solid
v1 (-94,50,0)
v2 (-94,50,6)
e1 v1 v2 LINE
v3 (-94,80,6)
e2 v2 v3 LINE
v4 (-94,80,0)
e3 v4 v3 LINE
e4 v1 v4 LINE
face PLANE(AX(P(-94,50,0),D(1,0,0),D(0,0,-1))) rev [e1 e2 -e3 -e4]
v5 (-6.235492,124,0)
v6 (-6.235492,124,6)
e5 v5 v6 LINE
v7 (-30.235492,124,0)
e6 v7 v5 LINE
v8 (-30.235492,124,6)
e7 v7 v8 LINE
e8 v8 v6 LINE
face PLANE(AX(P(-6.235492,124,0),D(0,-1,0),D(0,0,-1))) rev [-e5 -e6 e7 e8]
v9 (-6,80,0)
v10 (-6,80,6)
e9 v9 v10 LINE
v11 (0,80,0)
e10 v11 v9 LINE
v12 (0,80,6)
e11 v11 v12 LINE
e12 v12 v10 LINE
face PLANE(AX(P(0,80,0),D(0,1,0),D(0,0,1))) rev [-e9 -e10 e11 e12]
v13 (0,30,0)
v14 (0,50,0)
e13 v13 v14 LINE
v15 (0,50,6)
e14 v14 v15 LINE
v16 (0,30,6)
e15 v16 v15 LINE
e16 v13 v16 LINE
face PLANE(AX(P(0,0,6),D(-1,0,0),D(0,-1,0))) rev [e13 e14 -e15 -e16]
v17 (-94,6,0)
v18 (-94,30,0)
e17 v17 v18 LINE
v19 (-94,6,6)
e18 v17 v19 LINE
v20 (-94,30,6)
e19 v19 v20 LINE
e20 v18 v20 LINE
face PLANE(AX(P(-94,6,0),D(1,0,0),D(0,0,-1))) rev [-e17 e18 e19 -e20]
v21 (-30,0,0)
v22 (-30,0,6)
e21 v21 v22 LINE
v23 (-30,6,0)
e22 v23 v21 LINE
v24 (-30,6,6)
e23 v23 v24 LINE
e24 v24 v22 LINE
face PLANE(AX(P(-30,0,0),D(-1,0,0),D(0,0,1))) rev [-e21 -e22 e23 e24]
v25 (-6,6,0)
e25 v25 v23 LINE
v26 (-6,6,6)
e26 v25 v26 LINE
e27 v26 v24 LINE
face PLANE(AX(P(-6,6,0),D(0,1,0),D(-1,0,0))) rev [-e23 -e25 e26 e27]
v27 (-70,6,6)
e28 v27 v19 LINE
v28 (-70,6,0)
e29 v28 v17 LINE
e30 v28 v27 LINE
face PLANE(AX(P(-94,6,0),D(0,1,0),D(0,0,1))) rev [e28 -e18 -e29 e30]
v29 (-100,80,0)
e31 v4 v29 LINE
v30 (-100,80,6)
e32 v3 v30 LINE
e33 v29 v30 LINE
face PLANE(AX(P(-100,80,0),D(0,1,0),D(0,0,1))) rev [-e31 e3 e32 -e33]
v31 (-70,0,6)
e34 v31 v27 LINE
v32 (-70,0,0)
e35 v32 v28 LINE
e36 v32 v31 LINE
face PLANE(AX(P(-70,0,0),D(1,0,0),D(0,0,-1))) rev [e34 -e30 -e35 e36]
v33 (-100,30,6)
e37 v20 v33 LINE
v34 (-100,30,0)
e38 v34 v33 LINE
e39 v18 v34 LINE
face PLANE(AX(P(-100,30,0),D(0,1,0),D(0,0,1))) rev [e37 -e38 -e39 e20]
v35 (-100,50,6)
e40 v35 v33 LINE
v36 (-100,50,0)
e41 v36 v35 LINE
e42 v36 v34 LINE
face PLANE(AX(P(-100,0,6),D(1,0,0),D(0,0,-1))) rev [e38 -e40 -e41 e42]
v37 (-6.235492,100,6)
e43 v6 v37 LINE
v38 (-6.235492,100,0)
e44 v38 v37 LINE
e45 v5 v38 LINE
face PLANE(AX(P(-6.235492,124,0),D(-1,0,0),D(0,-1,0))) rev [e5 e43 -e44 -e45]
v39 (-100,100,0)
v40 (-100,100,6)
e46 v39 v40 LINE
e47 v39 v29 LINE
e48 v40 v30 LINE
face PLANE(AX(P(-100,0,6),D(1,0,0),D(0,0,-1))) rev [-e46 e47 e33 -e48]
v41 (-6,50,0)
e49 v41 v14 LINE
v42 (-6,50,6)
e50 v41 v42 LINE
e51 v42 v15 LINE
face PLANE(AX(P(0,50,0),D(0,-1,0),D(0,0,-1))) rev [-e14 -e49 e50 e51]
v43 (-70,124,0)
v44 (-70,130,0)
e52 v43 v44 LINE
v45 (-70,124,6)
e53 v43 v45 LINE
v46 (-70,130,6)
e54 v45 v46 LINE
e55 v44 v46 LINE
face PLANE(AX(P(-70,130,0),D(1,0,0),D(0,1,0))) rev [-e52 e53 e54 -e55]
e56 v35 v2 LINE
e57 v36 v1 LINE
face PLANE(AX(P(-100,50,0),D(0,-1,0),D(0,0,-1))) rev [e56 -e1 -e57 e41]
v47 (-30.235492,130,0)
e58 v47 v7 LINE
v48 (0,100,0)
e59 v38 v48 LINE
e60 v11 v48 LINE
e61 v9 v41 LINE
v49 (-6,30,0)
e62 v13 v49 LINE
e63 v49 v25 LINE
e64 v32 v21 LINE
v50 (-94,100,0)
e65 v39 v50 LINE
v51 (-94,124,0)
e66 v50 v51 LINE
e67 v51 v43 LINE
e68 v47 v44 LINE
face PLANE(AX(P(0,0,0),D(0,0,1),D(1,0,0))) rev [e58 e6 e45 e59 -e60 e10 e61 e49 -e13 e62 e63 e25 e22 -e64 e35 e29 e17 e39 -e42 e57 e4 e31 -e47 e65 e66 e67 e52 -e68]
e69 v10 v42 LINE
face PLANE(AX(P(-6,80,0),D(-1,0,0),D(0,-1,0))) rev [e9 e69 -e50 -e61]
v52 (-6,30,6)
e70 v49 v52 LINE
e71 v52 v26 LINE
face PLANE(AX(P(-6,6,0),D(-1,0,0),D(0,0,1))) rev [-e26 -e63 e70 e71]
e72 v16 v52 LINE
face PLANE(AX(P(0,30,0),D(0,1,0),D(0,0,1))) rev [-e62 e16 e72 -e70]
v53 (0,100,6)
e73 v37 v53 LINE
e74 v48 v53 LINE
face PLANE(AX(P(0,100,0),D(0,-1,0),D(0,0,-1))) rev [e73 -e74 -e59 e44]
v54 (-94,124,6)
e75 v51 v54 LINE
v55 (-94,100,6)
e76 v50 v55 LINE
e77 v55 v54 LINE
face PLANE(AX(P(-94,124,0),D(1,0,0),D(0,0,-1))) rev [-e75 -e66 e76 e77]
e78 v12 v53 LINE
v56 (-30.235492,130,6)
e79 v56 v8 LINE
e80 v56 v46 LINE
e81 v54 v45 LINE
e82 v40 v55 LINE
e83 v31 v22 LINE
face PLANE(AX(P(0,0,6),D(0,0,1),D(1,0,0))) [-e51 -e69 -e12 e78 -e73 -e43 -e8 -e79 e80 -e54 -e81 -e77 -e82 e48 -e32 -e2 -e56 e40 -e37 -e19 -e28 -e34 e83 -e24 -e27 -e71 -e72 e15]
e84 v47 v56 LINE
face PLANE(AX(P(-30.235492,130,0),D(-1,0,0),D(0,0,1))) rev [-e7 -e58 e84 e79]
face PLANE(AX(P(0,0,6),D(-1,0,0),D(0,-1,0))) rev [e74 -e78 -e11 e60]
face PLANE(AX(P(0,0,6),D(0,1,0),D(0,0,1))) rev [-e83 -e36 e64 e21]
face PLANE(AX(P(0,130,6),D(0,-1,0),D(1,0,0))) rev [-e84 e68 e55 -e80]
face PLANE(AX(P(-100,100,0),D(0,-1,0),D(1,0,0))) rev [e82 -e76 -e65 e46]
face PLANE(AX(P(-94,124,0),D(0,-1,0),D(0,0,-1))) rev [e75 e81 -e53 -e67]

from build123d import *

# Parameters (mm, degrees)
ESQUISSE1_W             = 100
ESQUISSE1_H             = 130
BOSS_EXTRU_1_DEPTH      = 6
ESQUISSE2_W             = 6
ESQUISSE2_H             = 30
ENL_V_MAT_EXTRU_1_DEPTH = 6


with BuildPart() as part:
    # Esquisse1 → Boss.-Extru.1 (new body)
    with BuildSketch(Plane.XY):
        with Locations((-50, 65)):
            Rectangle(ESQUISSE1_W, ESQUISSE1_H)
    extrude(amount=BOSS_EXTRU_1_DEPTH)

    # Esquisse2 → Enlèv. mat.-Extru.1 (cut)
    with BuildSketch(Plane.XY.offset(6)):
        Polygon((-100, 130), (-70, 130), (-70, 124), (-94, 124), (-94, 100), (-100, 100), align=None)
        Polygon((0, 130), (-30.235491659, 130), (-30.235491659, 124), (-6.235491659, 124), (-6.235491659, 100), (0, 100), align=None)
        Polygon((-100, 0), (-70, 0), (-70, 6), (-94, 6), (-94, 30), (-100, 30), align=None)
        Polygon((0, 0), (-30, 0), (-30, 6), (-6, 6), (-6, 30), (0, 30), align=None)
        with Locations((-97, 65)):
            Rectangle(ESQUISSE2_W, ESQUISSE2_H)
        with Locations((-3, 65)):
            Rectangle(ESQUISSE2_W, ESQUISSE2_H)
    extrude(amount=-ENL_V_MAT_EXTRU_1_DEPTH, mode=Mode.SUBTRACT)


solid = part.part
